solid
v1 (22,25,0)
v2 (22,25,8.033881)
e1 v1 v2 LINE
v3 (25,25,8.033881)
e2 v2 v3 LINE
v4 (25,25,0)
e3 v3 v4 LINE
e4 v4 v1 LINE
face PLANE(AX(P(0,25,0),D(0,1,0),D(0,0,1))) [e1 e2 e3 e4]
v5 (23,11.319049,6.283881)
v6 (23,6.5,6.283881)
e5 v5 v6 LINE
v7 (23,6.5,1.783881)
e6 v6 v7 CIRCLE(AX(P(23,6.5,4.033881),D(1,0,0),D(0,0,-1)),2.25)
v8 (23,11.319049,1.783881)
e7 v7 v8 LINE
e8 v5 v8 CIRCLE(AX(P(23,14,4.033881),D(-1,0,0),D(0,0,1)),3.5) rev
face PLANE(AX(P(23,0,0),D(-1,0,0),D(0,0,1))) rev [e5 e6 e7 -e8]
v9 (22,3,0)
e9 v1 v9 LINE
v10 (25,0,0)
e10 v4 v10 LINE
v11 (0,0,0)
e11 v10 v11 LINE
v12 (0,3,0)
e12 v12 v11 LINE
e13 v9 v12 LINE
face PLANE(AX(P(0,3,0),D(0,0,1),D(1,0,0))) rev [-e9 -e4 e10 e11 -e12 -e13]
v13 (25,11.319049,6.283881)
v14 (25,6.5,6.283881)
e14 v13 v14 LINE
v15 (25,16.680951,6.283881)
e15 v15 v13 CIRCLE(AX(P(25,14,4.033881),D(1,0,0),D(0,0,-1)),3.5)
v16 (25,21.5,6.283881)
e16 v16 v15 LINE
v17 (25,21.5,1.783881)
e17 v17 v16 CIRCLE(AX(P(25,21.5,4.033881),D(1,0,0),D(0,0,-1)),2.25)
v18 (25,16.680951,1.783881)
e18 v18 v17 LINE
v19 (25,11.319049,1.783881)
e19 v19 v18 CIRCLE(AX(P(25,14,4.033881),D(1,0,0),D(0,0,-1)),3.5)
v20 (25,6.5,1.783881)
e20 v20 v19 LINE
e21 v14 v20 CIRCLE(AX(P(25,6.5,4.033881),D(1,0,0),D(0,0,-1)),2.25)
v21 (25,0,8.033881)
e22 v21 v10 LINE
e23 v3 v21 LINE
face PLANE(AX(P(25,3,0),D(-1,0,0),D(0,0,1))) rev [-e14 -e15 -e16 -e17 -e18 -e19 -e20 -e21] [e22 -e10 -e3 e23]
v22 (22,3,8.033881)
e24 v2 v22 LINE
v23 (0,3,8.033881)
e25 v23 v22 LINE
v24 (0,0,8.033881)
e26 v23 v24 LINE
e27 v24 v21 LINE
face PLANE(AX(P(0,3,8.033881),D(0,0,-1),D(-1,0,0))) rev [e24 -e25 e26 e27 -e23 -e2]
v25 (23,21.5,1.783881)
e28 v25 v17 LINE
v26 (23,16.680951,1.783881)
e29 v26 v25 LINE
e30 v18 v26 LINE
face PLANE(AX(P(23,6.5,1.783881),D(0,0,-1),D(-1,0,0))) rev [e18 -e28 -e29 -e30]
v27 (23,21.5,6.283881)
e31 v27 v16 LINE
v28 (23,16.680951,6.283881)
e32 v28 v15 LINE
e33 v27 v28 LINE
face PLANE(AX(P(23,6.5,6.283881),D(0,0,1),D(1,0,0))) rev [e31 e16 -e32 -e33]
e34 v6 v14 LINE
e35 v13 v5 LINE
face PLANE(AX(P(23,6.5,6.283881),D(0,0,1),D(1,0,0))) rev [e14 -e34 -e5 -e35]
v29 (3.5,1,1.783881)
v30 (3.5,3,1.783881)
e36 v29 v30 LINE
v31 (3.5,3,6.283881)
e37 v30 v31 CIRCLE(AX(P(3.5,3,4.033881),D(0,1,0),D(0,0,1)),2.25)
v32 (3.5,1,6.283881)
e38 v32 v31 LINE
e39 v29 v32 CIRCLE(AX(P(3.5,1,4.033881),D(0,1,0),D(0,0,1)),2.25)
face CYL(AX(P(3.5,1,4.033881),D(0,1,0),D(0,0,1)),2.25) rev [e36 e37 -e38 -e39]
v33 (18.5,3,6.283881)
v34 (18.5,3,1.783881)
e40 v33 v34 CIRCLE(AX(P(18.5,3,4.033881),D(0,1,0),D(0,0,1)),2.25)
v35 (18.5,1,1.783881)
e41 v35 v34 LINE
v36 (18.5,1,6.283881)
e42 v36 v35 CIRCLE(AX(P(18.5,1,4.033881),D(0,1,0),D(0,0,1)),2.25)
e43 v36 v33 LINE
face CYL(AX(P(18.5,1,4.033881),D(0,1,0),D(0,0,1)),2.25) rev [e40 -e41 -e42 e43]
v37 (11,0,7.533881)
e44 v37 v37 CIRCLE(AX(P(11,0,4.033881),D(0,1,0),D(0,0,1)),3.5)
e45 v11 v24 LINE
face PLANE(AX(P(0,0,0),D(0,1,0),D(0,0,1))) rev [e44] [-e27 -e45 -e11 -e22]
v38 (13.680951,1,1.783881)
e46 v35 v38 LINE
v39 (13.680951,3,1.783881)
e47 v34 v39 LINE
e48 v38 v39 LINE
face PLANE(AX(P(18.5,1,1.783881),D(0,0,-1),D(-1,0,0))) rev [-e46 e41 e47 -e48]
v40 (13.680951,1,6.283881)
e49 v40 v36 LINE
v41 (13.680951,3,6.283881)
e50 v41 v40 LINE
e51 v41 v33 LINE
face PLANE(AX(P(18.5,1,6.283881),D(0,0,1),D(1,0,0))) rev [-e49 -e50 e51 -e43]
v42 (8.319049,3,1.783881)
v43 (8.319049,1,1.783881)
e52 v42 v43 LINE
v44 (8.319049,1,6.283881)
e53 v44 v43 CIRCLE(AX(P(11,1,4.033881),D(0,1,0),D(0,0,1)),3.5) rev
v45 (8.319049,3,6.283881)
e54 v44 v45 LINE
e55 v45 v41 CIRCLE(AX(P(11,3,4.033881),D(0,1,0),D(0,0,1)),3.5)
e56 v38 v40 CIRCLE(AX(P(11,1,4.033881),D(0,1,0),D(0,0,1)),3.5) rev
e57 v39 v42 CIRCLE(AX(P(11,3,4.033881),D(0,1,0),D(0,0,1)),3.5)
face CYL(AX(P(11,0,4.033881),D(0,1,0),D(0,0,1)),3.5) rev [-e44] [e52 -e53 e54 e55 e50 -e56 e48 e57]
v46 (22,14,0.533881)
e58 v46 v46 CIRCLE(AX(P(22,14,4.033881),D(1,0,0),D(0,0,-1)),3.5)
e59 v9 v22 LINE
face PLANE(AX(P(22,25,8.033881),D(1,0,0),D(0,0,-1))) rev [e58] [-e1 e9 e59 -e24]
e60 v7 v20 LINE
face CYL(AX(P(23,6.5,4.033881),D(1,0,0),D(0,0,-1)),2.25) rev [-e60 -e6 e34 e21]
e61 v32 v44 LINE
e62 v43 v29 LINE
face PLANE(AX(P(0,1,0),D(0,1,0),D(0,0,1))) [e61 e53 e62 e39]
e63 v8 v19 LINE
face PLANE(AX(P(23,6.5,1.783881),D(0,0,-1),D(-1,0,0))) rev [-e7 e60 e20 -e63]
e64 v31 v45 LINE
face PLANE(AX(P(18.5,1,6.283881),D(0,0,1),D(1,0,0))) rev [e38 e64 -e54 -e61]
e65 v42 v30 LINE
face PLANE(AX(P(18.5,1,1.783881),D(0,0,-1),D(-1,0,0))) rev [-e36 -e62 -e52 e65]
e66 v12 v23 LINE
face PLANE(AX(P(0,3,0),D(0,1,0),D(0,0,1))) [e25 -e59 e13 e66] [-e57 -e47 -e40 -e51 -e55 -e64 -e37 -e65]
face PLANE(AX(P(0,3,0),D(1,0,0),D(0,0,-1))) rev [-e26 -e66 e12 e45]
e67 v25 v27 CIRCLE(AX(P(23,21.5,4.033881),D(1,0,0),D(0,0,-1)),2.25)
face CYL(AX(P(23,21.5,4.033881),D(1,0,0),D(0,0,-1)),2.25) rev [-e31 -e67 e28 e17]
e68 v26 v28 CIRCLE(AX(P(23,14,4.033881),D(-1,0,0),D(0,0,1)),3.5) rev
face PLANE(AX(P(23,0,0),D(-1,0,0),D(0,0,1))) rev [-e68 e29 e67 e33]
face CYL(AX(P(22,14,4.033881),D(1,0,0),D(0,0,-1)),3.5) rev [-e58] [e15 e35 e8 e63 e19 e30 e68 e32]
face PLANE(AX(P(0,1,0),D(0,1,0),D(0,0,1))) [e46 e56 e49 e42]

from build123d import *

# Parameters (mm, degrees)
SKETCH_1_W          = 25
SKETCH_1_H          = 8.033880903
EXTRUDE_1_DEPTH     = 3
SKETCH_2_W          = 3
SKETCH_2_H          = 8.033880903
EXTRUDE_2_DEPTH     = 22
SKETCH_3_R          = 3.5
CUT_EXTRUDE_1_DEPTH = 3
SKETCH_4_W          = 15
SKETCH_4_H          = 4.5
CUT_EXTRUDE_2_DEPTH = 2
SKETCH_5_R          = 2.25
CUT_EXTRUDE_3_DEPTH = 2
SKETCH_6_R          = 3.5
CUT_EXTRUDE_4_DEPTH = 3
SKETCH_7_W          = 4.5
SKETCH_7_H          = 15
CUT_EXTRUDE_5_DEPTH = 2
SKETCH_8_R          = 2.25
CUT_EXTRUDE_6_DEPTH = 2


with BuildPart() as part:
    # 草图1 → 凸台-拉伸1 (new body)
    with BuildSketch(Plane(origin=(0, 0, 0), x_dir=(1, 0, 0), z_dir=(0, 1, 0))):
        with Locations((12.5, -4.016940452)):
            Rectangle(SKETCH_1_W, SKETCH_1_H)
    extrude(amount=EXTRUDE_1_DEPTH)

    # 草图2 → 凸台-拉伸2 (add)
    with BuildSketch(Plane(origin=(0, 3, 0), x_dir=(1, 0, 0), z_dir=(0, 1, 0))):
        with Locations((23.5, -4.016940452)):
            Rectangle(SKETCH_2_W, SKETCH_2_H)
    extrude(amount=EXTRUDE_2_DEPTH)

    # 草图3 → 切除-拉伸1 (cut)
    with BuildSketch(Plane(origin=(0, 3, 0), x_dir=(1, 0, 0), z_dir=(0, 1, 0))):
        with Locations(Location((11, -4.033880903, 0), (0, 0, 270))):
            Circle(SKETCH_3_R)
    extrude(amount=-CUT_EXTRUDE_1_DEPTH, mode=Mode.SUBTRACT)

    # 草图4 → 切除-拉伸2 (cut)
    with BuildSketch(Plane(origin=(0, 3, 0), x_dir=(1, 0, 0), z_dir=(0, 1, 0))):
        with Locations((11, -4.033880903)):
            Rectangle(SKETCH_4_W, SKETCH_4_H)
    extrude(amount=-CUT_EXTRUDE_2_DEPTH, mode=Mode.SUBTRACT)

    # 草图5 → 切除-拉伸3 (cut)
    with BuildSketch(Plane(origin=(0, 3, 0), x_dir=(1, 0, 0), z_dir=(0, 1, 0))):
        with Locations((18.5, -4.033880903)):
            Circle(SKETCH_5_R)
        with Locations((3.5, -4.033880903)):
            Circle(SKETCH_5_R)
    extrude(amount=-CUT_EXTRUDE_3_DEPTH, mode=Mode.SUBTRACT)

    # 草图6 → 切除-拉伸4 (cut)
    with BuildSketch(Plane(origin=(25, 0, 0), x_dir=(0, 0, -1), z_dir=(1, 0, 0))):
        with Locations((-4.033880903, 14)):
            Circle(SKETCH_6_R)
    extrude(amount=-CUT_EXTRUDE_4_DEPTH, mode=Mode.SUBTRACT)

    # 草图7 → 切除-拉伸5 (cut)
    with BuildSketch(Plane(origin=(25, 0, 0), x_dir=(0, 0, -1), z_dir=(1, 0, 0))):
        with Locations((-4.033880903, 14)):
            Rectangle(SKETCH_7_W, SKETCH_7_H)
    extrude(amount=-CUT_EXTRUDE_5_DEPTH, mode=Mode.SUBTRACT)

    # 草图8 → 切除-拉伸6 (cut)
    with BuildSketch(Plane(origin=(25, 0, 0), x_dir=(0, 0, -1), z_dir=(1, 0, 0))):
        with Locations((-4.033880903, 6.5)):
            Circle(SKETCH_8_R)
        with Locations((-4.033880903, 21.5)):
            Circle(SKETCH_8_R)
    extrude(amount=-CUT_EXTRUDE_6_DEPTH, mode=Mode.SUBTRACT)


solid = part.part
